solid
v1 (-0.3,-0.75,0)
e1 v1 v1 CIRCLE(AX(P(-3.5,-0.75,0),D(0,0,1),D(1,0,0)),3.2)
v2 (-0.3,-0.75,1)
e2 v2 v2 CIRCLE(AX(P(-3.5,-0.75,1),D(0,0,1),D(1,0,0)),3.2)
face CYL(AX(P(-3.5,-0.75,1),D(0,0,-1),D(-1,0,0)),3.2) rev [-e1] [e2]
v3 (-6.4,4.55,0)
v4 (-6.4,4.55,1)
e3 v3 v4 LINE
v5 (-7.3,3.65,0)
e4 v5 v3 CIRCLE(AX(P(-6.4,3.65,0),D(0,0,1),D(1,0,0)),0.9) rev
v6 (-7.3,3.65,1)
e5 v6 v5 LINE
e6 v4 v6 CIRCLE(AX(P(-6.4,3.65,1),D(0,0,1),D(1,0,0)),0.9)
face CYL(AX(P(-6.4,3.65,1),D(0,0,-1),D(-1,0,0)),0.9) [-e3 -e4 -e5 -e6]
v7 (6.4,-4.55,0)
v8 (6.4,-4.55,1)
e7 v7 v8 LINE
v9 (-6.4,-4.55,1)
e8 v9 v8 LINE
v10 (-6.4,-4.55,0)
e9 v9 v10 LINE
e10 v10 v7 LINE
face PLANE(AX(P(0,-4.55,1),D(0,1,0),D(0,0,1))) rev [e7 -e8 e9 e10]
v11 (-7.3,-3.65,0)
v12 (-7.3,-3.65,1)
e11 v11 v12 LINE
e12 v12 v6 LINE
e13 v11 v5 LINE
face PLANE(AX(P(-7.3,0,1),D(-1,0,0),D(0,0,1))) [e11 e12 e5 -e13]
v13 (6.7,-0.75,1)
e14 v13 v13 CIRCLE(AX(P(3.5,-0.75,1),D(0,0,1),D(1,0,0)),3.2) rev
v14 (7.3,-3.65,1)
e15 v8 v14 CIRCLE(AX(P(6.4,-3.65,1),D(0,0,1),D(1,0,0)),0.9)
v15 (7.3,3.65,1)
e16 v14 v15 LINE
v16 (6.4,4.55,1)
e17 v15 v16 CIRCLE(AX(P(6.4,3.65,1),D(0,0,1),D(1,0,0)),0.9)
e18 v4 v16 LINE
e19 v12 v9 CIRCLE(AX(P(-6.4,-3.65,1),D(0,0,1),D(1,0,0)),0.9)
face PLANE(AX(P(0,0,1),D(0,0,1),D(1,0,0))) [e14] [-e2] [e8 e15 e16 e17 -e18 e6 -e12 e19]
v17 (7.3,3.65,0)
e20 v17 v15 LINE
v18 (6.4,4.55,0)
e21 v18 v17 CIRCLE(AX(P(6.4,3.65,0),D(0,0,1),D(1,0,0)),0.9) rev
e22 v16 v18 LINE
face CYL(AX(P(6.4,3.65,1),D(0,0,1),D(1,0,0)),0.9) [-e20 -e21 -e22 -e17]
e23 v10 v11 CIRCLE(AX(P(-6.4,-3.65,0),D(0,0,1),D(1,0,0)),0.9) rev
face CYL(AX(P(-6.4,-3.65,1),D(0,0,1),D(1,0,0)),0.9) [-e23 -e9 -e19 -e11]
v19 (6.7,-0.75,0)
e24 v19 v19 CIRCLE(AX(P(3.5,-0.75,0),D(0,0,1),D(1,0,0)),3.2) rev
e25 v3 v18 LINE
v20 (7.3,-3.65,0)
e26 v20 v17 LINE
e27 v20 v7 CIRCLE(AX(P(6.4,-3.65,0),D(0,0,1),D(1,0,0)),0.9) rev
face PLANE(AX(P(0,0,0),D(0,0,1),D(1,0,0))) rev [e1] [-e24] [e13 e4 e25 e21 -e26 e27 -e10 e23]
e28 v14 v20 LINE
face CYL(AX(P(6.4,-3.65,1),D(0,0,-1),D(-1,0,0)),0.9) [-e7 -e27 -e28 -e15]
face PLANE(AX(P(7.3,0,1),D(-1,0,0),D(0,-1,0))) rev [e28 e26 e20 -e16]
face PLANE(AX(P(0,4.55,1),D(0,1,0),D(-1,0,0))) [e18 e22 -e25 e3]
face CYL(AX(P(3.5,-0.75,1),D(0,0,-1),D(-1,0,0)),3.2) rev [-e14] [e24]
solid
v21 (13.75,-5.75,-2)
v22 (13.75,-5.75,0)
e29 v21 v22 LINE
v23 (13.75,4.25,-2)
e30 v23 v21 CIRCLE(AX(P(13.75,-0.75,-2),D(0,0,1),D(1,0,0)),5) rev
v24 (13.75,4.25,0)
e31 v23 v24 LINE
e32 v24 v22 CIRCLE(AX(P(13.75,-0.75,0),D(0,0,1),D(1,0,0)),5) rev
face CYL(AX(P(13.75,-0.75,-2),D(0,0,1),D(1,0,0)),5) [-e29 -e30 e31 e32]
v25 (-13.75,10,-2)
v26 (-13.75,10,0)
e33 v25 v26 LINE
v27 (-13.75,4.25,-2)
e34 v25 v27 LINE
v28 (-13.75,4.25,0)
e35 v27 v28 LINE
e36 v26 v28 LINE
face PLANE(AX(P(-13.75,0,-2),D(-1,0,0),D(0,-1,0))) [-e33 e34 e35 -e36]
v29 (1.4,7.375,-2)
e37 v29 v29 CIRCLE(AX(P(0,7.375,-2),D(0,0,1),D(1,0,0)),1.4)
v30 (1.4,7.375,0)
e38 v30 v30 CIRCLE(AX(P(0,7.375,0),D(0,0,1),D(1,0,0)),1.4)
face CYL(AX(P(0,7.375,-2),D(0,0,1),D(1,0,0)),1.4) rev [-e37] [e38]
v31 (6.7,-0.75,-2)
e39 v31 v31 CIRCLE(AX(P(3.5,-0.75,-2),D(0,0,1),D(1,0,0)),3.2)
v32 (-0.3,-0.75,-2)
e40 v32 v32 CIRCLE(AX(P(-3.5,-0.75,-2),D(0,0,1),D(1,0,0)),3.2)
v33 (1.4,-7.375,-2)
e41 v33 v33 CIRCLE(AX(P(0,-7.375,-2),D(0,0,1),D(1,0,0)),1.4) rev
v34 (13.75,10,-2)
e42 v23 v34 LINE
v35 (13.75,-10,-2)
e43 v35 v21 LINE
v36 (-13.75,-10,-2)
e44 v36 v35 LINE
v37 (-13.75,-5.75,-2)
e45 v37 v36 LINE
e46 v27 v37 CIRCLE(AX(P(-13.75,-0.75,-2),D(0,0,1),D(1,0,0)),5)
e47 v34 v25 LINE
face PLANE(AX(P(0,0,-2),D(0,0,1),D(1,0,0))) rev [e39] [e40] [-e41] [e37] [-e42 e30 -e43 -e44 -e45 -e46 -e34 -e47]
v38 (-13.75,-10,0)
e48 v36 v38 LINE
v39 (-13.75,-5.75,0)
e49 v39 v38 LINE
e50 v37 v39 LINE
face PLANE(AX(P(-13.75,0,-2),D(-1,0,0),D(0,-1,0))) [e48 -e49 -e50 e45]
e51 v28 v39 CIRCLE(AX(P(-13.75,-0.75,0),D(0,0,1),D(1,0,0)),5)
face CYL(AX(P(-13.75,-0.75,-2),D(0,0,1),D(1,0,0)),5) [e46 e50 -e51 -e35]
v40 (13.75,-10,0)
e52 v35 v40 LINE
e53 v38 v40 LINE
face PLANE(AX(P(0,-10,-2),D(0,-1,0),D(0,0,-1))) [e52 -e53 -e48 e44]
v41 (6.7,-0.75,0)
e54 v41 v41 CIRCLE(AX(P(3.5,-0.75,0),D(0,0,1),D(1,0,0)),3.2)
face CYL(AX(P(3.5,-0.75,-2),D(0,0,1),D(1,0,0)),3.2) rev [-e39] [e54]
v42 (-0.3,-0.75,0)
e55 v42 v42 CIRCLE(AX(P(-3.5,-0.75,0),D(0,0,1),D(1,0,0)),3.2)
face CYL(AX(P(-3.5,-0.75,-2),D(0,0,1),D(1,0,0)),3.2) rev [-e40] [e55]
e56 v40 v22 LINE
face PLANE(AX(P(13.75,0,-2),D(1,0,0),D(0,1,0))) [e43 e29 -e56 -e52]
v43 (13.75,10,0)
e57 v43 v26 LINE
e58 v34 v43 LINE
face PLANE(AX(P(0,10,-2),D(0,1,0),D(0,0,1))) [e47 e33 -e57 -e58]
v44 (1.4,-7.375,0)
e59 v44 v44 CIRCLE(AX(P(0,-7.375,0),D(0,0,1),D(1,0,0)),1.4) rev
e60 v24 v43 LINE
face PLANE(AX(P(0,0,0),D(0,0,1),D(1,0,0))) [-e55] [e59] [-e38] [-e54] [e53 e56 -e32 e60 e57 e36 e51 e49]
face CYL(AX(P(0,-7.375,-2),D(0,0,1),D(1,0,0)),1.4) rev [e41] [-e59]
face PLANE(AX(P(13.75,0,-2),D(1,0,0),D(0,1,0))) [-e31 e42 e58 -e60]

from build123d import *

# Parameters (mm, degrees)
BOSS_EXTRUDE1_DEPTH = 1
BOSS_EXTRUDE2_DEPTH = 2
SKETCH3_R           = 1.4
CUT_EXTRUDE1_DEPTH  = 22.343910138
FILLET1_R           = 0.9


with BuildPart() as part:
    # Sketch1 → Boss-Extrude1 (new body)
    with BuildSketch(Plane.XY):
        with BuildLine():
            Line((-7.3, 4.55), (-7.3, -0.75))
            Line((-7.3, -0.75), (-6.7, -0.75))
            ThreePointArc((-6.7, -0.75), (-3.5, 2.45), (-0.3, -0.75))
            Line((-0.3, -0.75), (0.3, -0.75))
            ThreePointArc((0.3, -0.75), (3.5, 2.45), (6.7, -0.75))
            Line((6.7, -0.75), (7.3, -0.75))
            Line((7.3, -0.75), (7.3, 4.55))
            Line((7.3, 4.55), (-7.3, 4.55))
        make_face()
        with BuildLine():
            Line((-6.7, -0.75), (-7.3, -0.75))
            Line((-7.3, -0.75), (-7.3, -4.55))
            Line((-7.3, -4.55), (7.3, -4.55))
            Line((7.3, -4.55), (7.3, -0.75))
            Line((7.3, -0.75), (6.7, -0.75))
            ThreePointArc((6.7, -0.75), (3.5, -3.95), (0.3, -0.75))
            Line((0.3, -0.75), (-0.3, -0.75))
            ThreePointArc((-0.3, -0.75), (-3.5, -3.95), (-6.7, -0.75))
        make_face()
    extrude(amount=BOSS_EXTRUDE1_DEPTH)

    # Fillet1
    fillet1_edges = [part.edges().sort_by_distance(p)[0] for p in [
        (-7.3, -4.55, 0.5),
        (-7.3, 4.55, 0.5),
        (7.3, 4.55, 0.5),
        (7.3, -4.55, 0.5),
    ]]
    fillet(fillet1_edges, radius=FILLET1_R)


with BuildPart() as body_2:
    # Sketch2 → Boss-Extrude2 (new body)
    with BuildSketch(Plane.XY):
        with BuildLine():
            Line((-13.75, -5.75), (-13.75, -0.75))
            Line((-13.75, -0.75), (-13.75, 4.25))
            ThreePointArc((-13.75, 4.25), (-18.75, -0.75), (-13.75, -5.75))
        make_face()
        with BuildLine():
            ThreePointArc((13.75, -5.75), (18.75, -0.75), (13.75, 4.25))
            Line((13.75, 4.25), (13.75, -0.75))
            Line((13.75, -0.75), (13.75, -5.75))
        make_face()
        Polygon((-7.5, -0.75), (-13.75, -0.75), (-13.75, -5.75), (-13.75, -10), (0, -10), (0, -4.75), (-7.5, -4.75), align=None)
        Polygon((7.5, -4.75), (0, -4.75), (0, -10), (13.75, -10), (13.75, -5.75), (13.75, -0.75), (7.5, -0.75), align=None)
        Polygon((-13.75, 4.25), (-13.75, -0.75), (-7.5, -0.75), (-7.5, 4.75), (0, 4.75), (0, 10), (-13.75, 10), align=None)
        Polygon((0, 10), (0, 4.75), (7.5, 4.75), (7.5, -0.75), (13.75, -0.75), (13.75, 4.25), (13.75, 10), align=None)
        with BuildLine():
            Line((-7.3, 4.55), (-7.3, -0.75))
            Line((-7.3, -0.75), (-6.7, -0.75))
            ThreePointArc((-6.7, -0.75), (-3.5, 2.45), (-0.3, -0.75))
            Line((-0.3, -0.75), (0, -0.75))
            Line((0, -0.75), (0, 4.55))
            Line((0, 4.55), (-7.3, 4.55))
        make_face()
        with BuildLine():
            Line((7.3, 4.55), (0, 4.55))
            Line((0, 4.55), (0, -0.75))
            Line((0, -0.75), (0.3, -0.75))
            ThreePointArc((0.3, -0.75), (3.5, 2.45), (6.7, -0.75))
            Line((6.7, -0.75), (7.3, -0.75))
            Line((7.3, -0.75), (7.3, 4.55))
        make_face()
        with BuildLine():
            Line((0, -0.75), (0, -4.55))
            Line((0, -4.55), (7.3, -4.55))
            Line((7.3, -4.55), (7.3, -0.75))
            Line((7.3, -0.75), (6.7, -0.75))
            ThreePointArc((6.7, -0.75), (3.5, -3.95), (0.3, -0.75))
            Line((0.3, -0.75), (0, -0.75))
        make_face()
        with BuildLine():
            Line((-6.7, -0.75), (-7.3, -0.75))
            Line((-7.3, -0.75), (-7.3, -4.55))
            Line((-7.3, -4.55), (0, -4.55))
            Line((0, -4.55), (0, -0.75))
            Line((0, -0.75), (-0.3, -0.75))
            ThreePointArc((-0.3, -0.75), (-3.5, -3.95), (-6.7, -0.75))
        make_face()
        Polygon((-7.3, -0.75), (-7.5, -0.75), (-7.5, -4.75), (0, -4.75), (0, -4.55), (-7.3, -4.55), align=None)
        Polygon((0, -4.55), (0, -4.75), (7.5, -4.75), (7.5, -0.75), (7.3, -0.75), (7.3, -4.55), align=None)
        Polygon((-7.5, 4.75), (-7.5, -0.75), (-7.3, -0.75), (-7.3, 4.55), (0, 4.55), (0, 4.75), align=None)
        Polygon((7.5, 4.75), (0, 4.75), (0, 4.55), (7.3, 4.55), (7.3, -0.75), (7.5, -0.75), align=None)
    extrude(amount=-BOSS_EXTRUDE2_DEPTH)

    # Sketch3 → Cut-Extrude1 (cut, through all)
    with BuildSketch(Plane.XY):
        with BuildLine():
            ThreePointArc((1.4, 7.375), (0.989949494, 8.364949494), (0, 8.775))
            Line((0, 8.775), (0, 5.975))
            ThreePointArc((0, 5.975), (0.989949494, 6.385050506), (1.4, 7.375))
        make_face()
        with BuildLine():
            Line((0, 5.975), (0, 8.775))
            ThreePointArc((0, 8.775), (-1.4, 7.375), (0, 5.975))
        make_face()
        with Locations((0, -7.375)):
            Circle(SKETCH3_R)
    extrude(amount=-CUT_EXTRUDE1_DEPTH, mode=Mode.SUBTRACT)


solid = Compound([part.part, body_2.part])
